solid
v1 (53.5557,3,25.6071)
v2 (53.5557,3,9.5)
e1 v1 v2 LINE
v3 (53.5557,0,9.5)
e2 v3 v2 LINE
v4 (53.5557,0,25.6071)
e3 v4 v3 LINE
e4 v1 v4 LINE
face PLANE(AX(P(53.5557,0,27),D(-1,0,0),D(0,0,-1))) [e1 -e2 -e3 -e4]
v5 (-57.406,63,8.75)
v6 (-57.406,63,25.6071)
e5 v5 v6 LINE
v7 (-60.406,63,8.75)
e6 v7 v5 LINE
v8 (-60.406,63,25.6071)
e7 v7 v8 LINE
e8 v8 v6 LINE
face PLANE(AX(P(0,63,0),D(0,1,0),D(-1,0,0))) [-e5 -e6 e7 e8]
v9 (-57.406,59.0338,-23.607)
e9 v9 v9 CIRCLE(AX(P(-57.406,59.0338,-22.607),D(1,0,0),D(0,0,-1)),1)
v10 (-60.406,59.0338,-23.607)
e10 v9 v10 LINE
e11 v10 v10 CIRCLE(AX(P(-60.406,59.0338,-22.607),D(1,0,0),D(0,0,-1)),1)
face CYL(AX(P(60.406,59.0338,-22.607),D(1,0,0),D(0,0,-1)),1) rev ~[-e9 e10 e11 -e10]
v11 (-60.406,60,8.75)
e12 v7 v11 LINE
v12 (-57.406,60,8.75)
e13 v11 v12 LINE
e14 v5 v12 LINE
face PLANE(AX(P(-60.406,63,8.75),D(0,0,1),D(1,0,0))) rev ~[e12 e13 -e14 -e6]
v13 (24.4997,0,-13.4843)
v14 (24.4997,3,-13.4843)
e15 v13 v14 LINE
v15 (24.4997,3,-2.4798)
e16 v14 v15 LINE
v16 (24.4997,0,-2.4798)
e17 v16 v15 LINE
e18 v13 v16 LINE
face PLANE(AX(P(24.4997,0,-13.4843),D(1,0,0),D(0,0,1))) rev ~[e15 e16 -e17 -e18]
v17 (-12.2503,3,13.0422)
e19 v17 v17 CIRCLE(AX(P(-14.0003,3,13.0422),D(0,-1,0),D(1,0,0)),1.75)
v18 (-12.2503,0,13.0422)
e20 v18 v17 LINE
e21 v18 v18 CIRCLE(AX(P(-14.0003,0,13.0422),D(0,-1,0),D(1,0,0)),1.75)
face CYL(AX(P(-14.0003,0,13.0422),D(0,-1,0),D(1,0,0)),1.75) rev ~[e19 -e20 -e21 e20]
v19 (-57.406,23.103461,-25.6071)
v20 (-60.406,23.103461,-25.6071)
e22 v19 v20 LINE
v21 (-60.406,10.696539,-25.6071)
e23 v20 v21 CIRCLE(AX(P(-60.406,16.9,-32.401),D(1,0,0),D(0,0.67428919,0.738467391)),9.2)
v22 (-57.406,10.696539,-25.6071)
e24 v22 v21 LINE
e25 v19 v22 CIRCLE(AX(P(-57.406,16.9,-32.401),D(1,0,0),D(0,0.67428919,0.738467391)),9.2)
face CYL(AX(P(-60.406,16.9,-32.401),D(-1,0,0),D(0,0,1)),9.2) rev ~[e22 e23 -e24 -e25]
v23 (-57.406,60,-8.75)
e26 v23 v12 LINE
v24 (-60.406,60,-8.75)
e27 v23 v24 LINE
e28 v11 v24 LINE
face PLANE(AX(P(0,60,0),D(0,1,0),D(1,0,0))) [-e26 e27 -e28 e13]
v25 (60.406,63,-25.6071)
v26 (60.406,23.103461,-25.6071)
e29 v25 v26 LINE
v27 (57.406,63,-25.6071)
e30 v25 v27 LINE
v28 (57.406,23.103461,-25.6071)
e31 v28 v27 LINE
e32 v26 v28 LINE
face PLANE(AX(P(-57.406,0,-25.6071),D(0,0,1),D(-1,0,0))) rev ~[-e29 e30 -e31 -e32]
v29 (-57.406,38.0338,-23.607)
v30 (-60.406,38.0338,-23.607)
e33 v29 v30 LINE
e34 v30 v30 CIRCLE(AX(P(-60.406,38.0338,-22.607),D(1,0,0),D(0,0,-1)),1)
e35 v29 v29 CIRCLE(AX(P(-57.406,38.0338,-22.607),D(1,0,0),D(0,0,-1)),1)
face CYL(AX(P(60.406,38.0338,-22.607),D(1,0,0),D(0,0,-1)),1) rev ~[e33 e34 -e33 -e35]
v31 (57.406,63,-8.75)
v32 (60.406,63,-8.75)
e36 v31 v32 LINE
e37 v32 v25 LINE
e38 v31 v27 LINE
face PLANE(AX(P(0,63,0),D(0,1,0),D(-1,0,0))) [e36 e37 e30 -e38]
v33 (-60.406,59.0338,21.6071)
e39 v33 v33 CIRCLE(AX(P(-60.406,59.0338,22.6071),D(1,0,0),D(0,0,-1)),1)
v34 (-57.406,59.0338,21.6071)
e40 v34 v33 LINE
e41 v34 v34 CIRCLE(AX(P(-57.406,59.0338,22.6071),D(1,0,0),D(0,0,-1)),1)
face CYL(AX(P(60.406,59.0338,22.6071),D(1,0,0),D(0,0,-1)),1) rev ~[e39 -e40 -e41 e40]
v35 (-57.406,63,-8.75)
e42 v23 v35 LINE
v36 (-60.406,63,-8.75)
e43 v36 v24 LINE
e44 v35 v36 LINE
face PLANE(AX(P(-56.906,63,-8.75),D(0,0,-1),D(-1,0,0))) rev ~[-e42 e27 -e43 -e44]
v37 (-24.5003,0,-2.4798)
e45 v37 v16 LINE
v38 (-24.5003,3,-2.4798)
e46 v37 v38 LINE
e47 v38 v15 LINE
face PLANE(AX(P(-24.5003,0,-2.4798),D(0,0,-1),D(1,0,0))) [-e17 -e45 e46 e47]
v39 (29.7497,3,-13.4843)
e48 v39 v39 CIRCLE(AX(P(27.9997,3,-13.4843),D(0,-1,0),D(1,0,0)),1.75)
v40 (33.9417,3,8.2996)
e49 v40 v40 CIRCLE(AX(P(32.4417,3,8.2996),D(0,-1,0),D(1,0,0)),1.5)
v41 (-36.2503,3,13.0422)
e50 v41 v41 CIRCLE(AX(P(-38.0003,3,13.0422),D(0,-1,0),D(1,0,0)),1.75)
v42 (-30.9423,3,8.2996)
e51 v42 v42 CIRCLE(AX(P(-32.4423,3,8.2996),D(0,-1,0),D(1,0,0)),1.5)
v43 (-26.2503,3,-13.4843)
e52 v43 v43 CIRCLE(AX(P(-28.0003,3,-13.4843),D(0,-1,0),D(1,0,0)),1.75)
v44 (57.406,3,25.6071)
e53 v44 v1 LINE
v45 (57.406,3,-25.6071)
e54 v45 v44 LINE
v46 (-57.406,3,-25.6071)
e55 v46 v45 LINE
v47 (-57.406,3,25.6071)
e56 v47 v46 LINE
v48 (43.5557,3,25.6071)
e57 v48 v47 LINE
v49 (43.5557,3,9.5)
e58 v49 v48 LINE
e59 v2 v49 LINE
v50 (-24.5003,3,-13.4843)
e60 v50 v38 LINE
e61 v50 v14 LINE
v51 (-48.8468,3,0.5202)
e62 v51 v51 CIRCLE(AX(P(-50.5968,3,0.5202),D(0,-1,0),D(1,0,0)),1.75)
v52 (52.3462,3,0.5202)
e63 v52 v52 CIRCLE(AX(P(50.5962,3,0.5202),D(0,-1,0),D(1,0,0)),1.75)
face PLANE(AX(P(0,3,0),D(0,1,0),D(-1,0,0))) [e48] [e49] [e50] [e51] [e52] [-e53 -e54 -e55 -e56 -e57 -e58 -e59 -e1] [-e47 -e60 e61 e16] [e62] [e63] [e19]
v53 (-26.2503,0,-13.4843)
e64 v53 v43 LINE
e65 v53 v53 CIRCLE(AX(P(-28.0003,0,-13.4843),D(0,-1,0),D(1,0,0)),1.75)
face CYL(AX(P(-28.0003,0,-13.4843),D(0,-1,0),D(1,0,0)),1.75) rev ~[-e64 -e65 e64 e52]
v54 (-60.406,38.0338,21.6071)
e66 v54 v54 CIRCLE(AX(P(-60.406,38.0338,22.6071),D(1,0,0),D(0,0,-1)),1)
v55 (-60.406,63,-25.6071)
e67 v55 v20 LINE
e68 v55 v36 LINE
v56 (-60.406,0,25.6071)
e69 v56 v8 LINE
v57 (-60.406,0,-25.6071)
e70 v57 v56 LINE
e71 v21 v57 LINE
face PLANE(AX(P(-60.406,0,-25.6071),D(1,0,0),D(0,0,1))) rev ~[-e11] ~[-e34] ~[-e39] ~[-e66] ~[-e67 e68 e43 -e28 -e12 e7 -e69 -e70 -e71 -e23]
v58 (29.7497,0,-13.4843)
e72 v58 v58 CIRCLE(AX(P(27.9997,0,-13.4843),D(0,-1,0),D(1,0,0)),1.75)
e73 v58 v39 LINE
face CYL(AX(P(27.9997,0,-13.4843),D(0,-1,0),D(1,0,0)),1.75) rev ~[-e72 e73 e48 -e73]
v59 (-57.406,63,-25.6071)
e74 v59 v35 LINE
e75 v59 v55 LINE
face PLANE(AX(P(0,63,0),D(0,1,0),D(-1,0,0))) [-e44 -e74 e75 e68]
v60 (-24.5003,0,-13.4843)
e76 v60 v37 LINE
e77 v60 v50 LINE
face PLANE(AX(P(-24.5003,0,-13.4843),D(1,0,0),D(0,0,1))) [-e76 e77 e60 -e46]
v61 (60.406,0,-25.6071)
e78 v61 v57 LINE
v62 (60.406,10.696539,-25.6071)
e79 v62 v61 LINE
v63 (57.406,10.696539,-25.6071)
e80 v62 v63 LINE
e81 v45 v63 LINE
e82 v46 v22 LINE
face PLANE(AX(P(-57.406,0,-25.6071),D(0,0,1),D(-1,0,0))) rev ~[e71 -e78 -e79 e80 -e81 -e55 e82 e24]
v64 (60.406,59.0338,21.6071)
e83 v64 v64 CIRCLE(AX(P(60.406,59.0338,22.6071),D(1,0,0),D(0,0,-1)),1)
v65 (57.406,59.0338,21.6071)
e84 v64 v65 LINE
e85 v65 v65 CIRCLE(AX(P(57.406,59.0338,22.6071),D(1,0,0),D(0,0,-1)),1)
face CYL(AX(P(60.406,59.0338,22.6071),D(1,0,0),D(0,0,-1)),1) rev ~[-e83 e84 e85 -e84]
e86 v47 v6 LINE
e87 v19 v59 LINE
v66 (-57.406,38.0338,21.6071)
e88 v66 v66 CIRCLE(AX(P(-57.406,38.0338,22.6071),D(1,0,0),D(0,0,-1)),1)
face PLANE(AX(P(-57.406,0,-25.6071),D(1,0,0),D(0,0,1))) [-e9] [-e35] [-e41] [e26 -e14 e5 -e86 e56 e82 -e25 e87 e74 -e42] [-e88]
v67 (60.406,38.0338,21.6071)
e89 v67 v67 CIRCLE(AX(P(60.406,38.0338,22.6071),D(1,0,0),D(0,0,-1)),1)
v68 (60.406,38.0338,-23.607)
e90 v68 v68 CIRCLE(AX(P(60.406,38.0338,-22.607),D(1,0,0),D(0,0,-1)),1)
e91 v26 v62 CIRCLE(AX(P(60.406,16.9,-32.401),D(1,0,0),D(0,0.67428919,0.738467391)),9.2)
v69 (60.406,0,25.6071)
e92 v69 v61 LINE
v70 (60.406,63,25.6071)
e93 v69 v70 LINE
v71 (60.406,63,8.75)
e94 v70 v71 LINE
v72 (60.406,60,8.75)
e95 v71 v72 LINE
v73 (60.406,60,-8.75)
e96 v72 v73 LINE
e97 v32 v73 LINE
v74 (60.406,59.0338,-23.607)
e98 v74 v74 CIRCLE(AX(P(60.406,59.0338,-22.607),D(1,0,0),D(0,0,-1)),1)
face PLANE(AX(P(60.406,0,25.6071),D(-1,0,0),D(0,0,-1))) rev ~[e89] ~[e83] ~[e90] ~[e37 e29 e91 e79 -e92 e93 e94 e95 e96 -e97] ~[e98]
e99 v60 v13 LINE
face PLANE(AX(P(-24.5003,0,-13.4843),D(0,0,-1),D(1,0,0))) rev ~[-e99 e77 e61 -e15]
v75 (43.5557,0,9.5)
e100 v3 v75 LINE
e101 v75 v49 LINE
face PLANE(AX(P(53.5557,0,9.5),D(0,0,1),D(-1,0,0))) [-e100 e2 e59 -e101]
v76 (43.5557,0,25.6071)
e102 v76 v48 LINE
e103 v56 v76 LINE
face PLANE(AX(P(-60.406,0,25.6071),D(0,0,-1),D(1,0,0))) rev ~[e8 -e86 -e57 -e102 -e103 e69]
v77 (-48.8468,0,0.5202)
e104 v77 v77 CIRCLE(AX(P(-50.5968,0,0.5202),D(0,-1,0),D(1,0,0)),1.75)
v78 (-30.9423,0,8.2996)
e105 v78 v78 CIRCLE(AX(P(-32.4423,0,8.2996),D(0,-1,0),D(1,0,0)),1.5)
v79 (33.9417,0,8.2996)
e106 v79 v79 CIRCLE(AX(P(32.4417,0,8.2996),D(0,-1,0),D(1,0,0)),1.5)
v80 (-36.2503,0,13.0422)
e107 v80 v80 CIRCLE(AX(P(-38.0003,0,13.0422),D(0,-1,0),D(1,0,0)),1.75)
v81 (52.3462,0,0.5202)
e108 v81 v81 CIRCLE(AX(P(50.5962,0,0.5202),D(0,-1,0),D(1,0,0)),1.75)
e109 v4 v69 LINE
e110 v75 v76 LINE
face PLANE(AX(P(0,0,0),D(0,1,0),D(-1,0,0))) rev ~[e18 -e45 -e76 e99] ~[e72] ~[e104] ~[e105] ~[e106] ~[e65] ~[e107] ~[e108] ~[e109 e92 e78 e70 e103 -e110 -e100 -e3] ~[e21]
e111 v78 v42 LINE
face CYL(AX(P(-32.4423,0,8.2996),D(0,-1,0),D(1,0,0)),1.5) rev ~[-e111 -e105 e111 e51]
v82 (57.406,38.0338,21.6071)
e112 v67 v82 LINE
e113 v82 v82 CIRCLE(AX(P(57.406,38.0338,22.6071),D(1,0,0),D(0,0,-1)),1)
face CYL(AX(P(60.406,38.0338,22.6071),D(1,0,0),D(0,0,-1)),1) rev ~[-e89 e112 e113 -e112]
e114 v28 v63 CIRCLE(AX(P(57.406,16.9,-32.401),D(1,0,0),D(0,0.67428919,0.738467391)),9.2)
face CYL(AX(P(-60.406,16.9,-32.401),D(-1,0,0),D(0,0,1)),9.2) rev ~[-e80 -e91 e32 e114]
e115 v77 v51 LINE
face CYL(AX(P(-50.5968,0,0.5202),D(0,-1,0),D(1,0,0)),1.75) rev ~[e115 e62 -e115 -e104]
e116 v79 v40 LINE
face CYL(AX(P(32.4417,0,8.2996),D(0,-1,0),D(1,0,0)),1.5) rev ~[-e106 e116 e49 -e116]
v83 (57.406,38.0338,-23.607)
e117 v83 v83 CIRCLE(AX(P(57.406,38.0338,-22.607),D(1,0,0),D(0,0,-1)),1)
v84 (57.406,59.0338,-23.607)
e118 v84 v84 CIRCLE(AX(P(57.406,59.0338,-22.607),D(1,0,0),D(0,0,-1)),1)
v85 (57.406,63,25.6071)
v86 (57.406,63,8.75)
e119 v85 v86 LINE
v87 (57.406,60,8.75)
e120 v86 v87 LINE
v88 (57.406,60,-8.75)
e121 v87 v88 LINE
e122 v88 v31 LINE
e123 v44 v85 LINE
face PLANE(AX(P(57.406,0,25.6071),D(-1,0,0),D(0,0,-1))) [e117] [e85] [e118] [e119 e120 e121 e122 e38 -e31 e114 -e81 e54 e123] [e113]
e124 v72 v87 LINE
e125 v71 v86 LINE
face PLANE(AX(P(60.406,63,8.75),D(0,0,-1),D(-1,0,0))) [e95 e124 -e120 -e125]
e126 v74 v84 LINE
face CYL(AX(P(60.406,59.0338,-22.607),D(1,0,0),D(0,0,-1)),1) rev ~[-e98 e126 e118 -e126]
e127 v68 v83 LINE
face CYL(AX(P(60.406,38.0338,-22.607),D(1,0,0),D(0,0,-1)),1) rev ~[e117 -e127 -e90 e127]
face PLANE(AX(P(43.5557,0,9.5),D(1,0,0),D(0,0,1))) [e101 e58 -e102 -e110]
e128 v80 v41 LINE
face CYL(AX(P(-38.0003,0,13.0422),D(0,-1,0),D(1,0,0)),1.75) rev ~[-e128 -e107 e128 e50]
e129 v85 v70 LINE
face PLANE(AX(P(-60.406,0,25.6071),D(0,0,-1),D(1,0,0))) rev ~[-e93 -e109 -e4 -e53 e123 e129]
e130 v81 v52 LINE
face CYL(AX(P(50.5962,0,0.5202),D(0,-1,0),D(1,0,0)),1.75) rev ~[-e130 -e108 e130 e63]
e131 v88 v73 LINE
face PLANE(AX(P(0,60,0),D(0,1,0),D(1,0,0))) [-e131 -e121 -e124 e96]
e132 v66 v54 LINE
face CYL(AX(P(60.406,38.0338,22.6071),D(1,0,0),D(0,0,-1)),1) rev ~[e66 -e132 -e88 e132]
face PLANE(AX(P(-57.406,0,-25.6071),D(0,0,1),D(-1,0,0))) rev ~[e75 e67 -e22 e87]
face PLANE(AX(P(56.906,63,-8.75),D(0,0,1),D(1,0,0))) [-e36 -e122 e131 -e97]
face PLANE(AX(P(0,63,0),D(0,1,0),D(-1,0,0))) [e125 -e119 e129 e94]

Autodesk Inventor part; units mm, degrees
ref_plane "YZ Plane" through (0, 0, 0) normal (1, 0, 0) x (0, 1, 0)
ref_plane "XZ Plane" through (0, 0, 0) normal (0, 1, 0) x (-1, 0, 0)
sketch "Sketch1" plane through (0, 0, 0) normal (0, 1, 0) x (-1, 0, 0)
  line L0 (60.406, 25.6071) -> (-60.406, 25.6071)
  line L1 (-60.406, 25.6071) -> (-60.406, -25.6071)
  line L2 (-60.406, -25.6071) -> (60.406, -25.6071)
  line L3 (60.406, -25.6071) -> (60.406, 25.6071)
  line L4 (60.406, 25.6071) -> (-60.406, -25.6071) construction
  line L5 (-60.406, 25.6071) -> (60.406, -25.6071) construction
  line L6 (-57.406, 25.6071) -> (-57.406, -25.6071)
  line L7 (57.406, -25.6071) -> (57.406, 25.6071)
  line L8 (57.406, 23.5058) -> (55.4493, 23.5058)
  line L9 (-55.4493, 23.5058) -> (-57.406, 23.5058)
  line L10 (-57.406, -33.4947) -> (-79.0126, -33.4947)
  line L11 (79.0126, -33.4947) -> (57.406, -33.4947)
  point P0 (0, 0)
  dimension "d0" = 120.812
  dimension "d1" = 51.2141
  dimension "d8" = 3
  dimension "d9" = 3
  dimension "d10" = 114.812
extrude "Extrusion1" add sketch "Sketch1" along normal blind 3
extrude "Extrusion2" add sketch "Sketch1" along normal blind 63 contours L3 L2 L7 L0 | L6 L2 L1 L0
ref_plane "Work Plane2" through (0, 0, -18.4174) normal (0, 0, 1) x (1, 0, 0)
sketch "Sketch2" plane through (0, 0, 0) normal (0, -1, 0) x (1, 0, 0)
  circle A0 centre (-50.5968, 0.5202) radius 1.75 projected
  circle A1 centre (-28.0003, -13.4843) radius 1.75 projected
  circle A2 centre (50.5962, 0.5202) radius 1.75 projected
  circle A3 centre (27.9997, -13.4843) radius 1.75 projected
  circle A4 centre (27.9997, -13.4843) radius 1.75
  circle A5 centre (50.5962, 0.5202) radius 1.75
  circle A6 centre (-28.0003, -13.4843) radius 1.75
  circle A7 centre (-50.5968, 0.5202) radius 1.75
  point P0 (0, 0)
  dimension "d12" = 3.5
  dimension "d13" = 3.5
  dimension "d14" = 3.5
  dimension "d15" = 3.5
extrude "Extrusion3" cut sketch "Sketch2" against normal up to next
sketch "Sketch4" plane through (0, 63, 0) normal (0, 1, 0) x (1, 0, 0)
  line L0 (-60.406, -8.75) -> (-56.906, -8.75)
  line L1 (-56.906, -8.75) -> (-56.906, 8.75)
  line L2 (-56.906, 8.75) -> (-60.406, 8.75)
  line L3 (-60.406, -8.75) -> (-60.406, 8.75)
  line L4 (0, 0) -> (0, 8.75)
  line L5 (60.406, -8.75) -> (56.906, -8.75)
  line L6 (56.906, -8.75) -> (56.906, 8.75)
  line L7 (56.906, 8.75) -> (60.406, 8.75)
  line L8 (60.406, -8.75) -> (60.406, 8.75)
  point P0 (-60.406, 0)
  point P1 (60.406, 0)
  dimension "d18" = 17.5
extrude "Extrusion4" cut sketch "Sketch4" against normal blind 3
sketch "Sketch6" plane through (0, 0, 0) normal (0, -1, 0) x (1, 0, 0)
  circle A0 centre (-32.4423, 8.2996) radius 1.5 projected
  circle A1 centre (32.4417, 8.2996) radius 1.5 projected
  point P0 (0, 0)
extrude "Extrusion5" cut sketch "Sketch6" against normal up to next
sketch "Sketch9" plane through (60.406, 0, 25.6071) normal (1, 0, 0) x (0, 0, -1)
  circle A0 centre (3, 59.0338) radius 1 projected
  circle A1 centre (3, 38.0338) radius 1 projected
  circle A2 centre (48.2141, 59.0338) radius 1 projected
  circle A3 centre (48.2141, 38.0338) radius 1 projected
  point P0 (25.6071, 0)
extrude "Extrusion7" cut sketch "Sketch9" against normal blind 200
sketch "Sketch10" plane through (0, 0, 0) normal (0, -1, 0) x (1, 0, 0)
  circle A0 centre (-28.0003, -13.4843) radius 1.75 projected
  circle A1 centre (27.9997, -13.4843) radius 1.75 projected
  line L0 (53.5962, 73.5112) -> (-53.5968, 73.5112)
  line L1 (-24.5003, -13.4843) -> (24.4997, -13.4843)
  line L2 (24.4997, 73.5112) -> (-24.5003, 73.5112)
  line L3 (-24.5003, -13.4843) -> (-24.5003, -2.4798)
  line L4 (-24.5003, -13.4843) -> (-13.4958, -13.4843) construction
  line L5 (-24.5003, -2.4798) -> (24.4997, -2.4798)
  line L6 (24.4997, -13.4843) -> (24.4997, -2.4798)
  point P0 (0, 0)
  dimension "d39" = 90
extrude "Extrusion8" cut sketch "Sketch10" against normal up to next contours L3 L5 L6 L1
sketch "Sketch11" plane through (0, 0, 0) normal (0, -1, 0) x (1, 0, 0)
  circle A0 centre (-38.0003, 13.0422) radius 1.75
  circle A1 centre (-14.0003, 13.0422) radius 1.75
  line L0 (-36.0003, -4.4688) -> (-36.0003, 50.5312) projected
  line L1 (-16.0003, 50.5312) -> (-16.0003, -4.4688) projected
  line L2 (-34.6078, 15.0422) -> (34.6072, 15.0422) projected
  point P0 (0, 0)
  dimension "d31" = 3.5
  dimension "d32" = 3.5
  dimension "d33" = 2
  dimension "d34" = 2
  dimension "d37" = 2
  dimension "d38" = 2
extrude "Extrusion9" cut sketch "Sketch11" against normal up to next
sketch "Sketch15" plane through (-60.406, 0, -25.6071) normal (-1, 0, 0) x (0, 0, 1)
  circle A0 centre (-6.7939, 16.9) radius 9.2 projected
  point P0 (25.6071, 0)
extrude "Extrusion11" cut sketch "Sketch15" against normal through all
sketch "Sketch16" plane through (0, 0, 0) normal (0, -1, 0) x (1, 0, 0)
  line L0 (45.6757, 24.585) -> (45.6757, 11.915) projected
  line L1 (51.4357, 11.915) -> (51.4357, 24.585) projected
  line L2 (45.6757, 11.915) -> (51.4357, 11.915) projected
  line L3 (51.4357, 24.585) -> (45.6757, 24.585) projected
  line L4 (43.5557, 27) -> (53.5557, 27)
  line L5 (53.5557, 27) -> (53.5557, 9.5)
  line L6 (53.5557, 9.5) -> (43.5557, 9.5)
  line L7 (43.5557, 9.5) -> (43.5557, 27)
  line L8 (43.5557, 27) -> (53.5557, 9.5) construction
  line L9 (53.5557, 27) -> (43.5557, 9.5) construction
  point P0 (0, 0)
  point P1 (48.5557, 18.25)
  dimension "d49" = 10
  dimension "d50" = 17.5
extrude "Extrusion12" cut sketch "Sketch16" against normal up to next contours L3 L1 L2 L0 | L4 L5 L6 L7
properties part number "Kepala Tengah"
